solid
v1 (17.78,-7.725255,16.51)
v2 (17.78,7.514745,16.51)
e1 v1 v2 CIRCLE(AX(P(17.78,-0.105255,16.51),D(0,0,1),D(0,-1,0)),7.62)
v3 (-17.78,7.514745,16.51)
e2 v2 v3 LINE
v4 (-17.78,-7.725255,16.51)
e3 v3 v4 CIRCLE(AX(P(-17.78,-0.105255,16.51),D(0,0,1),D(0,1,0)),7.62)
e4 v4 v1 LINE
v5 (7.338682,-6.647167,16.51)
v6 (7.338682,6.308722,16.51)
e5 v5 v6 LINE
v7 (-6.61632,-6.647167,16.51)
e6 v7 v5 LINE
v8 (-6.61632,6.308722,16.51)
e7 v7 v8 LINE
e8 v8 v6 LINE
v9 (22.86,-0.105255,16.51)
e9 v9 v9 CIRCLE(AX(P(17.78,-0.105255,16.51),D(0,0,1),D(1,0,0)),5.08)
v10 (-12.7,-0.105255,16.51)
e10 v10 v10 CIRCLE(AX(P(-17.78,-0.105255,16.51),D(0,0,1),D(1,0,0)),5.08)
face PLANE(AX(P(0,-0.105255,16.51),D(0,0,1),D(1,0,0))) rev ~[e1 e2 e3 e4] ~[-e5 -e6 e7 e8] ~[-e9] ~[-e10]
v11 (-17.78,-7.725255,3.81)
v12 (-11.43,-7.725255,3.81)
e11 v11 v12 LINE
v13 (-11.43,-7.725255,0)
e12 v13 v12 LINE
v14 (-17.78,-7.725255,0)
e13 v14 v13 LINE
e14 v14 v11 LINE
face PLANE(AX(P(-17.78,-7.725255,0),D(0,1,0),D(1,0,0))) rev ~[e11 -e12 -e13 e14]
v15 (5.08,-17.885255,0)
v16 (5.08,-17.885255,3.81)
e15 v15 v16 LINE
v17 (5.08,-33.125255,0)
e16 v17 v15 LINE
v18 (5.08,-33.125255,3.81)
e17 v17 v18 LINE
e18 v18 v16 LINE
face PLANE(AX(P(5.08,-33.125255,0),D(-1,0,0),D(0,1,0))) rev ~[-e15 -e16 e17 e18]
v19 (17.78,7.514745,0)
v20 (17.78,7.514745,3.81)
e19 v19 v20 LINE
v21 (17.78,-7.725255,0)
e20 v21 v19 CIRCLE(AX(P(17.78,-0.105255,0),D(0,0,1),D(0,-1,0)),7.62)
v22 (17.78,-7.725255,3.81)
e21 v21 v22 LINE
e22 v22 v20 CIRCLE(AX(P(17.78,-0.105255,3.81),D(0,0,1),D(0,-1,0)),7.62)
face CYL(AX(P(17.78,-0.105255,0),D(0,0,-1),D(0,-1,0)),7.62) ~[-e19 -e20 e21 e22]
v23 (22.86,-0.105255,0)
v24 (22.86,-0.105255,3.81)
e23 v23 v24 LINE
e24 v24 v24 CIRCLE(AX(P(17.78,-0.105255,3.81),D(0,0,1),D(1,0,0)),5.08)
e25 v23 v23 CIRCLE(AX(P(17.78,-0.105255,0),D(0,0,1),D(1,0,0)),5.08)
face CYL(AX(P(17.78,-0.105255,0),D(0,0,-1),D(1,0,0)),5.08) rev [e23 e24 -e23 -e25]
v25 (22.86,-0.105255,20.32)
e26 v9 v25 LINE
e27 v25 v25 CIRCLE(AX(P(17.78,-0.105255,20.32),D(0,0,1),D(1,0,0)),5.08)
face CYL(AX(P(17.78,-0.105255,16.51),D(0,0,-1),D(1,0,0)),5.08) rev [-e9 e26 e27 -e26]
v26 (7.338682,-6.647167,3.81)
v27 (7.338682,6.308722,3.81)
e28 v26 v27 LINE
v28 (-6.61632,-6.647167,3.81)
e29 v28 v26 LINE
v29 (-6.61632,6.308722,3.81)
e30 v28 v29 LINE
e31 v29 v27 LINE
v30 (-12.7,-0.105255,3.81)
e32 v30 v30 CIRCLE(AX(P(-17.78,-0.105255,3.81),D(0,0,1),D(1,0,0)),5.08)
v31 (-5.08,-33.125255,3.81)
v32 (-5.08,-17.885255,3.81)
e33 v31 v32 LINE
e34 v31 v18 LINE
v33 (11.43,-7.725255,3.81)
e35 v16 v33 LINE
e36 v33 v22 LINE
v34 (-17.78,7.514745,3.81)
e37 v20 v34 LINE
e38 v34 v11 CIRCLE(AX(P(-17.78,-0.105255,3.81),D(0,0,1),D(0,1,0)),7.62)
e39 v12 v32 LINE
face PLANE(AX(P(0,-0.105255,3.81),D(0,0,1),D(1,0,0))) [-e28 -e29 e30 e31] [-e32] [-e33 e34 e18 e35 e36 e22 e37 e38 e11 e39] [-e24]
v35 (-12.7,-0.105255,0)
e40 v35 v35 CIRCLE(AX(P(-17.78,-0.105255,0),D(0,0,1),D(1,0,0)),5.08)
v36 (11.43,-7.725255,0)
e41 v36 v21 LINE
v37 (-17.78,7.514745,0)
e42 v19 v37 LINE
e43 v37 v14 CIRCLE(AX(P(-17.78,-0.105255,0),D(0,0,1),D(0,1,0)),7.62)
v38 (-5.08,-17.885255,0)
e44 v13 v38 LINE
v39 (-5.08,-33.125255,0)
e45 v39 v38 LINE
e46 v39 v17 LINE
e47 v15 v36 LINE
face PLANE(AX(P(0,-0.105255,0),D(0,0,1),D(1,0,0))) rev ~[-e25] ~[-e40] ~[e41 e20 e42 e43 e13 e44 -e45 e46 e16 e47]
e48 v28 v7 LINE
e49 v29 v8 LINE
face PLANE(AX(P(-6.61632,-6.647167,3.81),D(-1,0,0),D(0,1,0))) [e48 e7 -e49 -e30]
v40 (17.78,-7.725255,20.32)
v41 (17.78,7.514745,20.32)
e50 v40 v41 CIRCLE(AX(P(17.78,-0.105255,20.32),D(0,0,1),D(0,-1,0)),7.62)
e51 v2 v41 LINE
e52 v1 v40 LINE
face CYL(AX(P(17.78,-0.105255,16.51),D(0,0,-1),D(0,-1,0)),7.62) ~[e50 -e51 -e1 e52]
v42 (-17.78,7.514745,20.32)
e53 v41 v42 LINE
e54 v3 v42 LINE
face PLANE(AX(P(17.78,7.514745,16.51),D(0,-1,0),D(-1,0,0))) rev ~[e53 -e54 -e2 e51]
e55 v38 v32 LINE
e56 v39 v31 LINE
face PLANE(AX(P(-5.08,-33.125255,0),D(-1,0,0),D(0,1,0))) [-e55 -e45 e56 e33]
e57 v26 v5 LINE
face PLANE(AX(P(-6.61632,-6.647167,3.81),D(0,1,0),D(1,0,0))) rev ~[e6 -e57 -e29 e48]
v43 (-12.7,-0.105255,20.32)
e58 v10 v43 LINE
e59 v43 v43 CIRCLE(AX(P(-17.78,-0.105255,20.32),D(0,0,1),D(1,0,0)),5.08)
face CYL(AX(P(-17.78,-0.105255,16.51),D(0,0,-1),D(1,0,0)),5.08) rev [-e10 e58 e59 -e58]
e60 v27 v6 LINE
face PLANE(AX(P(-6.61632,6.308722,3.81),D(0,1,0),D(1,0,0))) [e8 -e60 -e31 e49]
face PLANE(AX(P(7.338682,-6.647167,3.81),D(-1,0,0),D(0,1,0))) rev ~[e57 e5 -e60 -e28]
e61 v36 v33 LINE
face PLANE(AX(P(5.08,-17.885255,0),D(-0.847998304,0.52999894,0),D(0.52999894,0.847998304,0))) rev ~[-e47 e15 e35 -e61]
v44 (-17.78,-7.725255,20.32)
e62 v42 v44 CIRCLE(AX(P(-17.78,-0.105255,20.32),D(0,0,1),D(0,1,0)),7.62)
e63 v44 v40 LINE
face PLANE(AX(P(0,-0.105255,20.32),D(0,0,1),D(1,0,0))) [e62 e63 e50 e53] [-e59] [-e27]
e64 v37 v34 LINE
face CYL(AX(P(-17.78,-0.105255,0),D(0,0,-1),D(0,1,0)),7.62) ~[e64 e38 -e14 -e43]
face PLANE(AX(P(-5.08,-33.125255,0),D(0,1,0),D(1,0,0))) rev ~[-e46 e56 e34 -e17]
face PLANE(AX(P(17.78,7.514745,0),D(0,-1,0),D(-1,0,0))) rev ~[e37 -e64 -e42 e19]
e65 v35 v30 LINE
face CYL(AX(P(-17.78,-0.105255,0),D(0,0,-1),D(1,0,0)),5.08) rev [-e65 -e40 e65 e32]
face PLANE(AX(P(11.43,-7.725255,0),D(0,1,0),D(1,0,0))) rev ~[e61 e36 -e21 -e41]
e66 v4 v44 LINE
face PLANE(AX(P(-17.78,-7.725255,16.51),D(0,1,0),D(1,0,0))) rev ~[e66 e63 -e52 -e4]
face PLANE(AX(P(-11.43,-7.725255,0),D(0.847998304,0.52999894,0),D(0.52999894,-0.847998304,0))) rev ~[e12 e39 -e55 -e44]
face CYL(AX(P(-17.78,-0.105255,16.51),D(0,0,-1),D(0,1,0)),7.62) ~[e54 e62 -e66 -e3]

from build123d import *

# Parameters (mm, degrees)
F0_R     = 5.08
F0_W     = 10.16
F0_H     = 15.24
F1_DEPTH = 3.81
F2_W     = 13.9550012536
F2_H     = 12.9558886401
F3_DEPTH = 12.7
F4_R     = 5.08
F5_DEPTH = 3.81


with BuildPart() as f1:
    # F0 (on Top) → F1 (new body)
    with BuildSketch(Plane.XY):
        with BuildLine():
            Line((17.78, 7.5147451945), (-17.78, 7.5147451945))
            ThreePointArc((-17.78, 7.5147451945), (-25.4, -0.1052548055), (-17.78, -7.7252548055))
            Line((-17.78, -7.7252548055), (-11.43, -7.7252548055))
            Line((-11.43, -7.7252548055), (-5.08, -7.7252548055))
            Line((-5.08, -7.7252548055), (0, -7.7252548055))
            Line((0, -7.7252548055), (5.08, -7.7252548055))
            Line((5.08, -7.7252548055), (11.43, -7.7252548055))
            Line((11.43, -7.7252548055), (17.78, -7.7252548055))
            ThreePointArc((17.78, -7.7252548055), (25.4, -0.1052548055), (17.78, 7.5147451945))
        make_face()
        with Locations((-17.78, -0.1052548055)):
            Circle(F0_R, mode=Mode.SUBTRACT)
        with Locations((17.78, -0.1052548055)):
            Circle(F0_R, mode=Mode.SUBTRACT)
        Polygon((-5.08, -7.7252548055), (-11.43, -7.7252548055), (-5.08, -17.8852548055), align=None)
        Polygon((5.08, -17.8852548055), (11.43, -7.7252548055), (5.08, -7.7252548055), align=None)
        Polygon((0, -7.7252548055), (-5.08, -7.7252548055), (-5.08, -17.8852548055), (5.08, -17.8852548055), (5.08, -7.7252548055), align=None)
        with Locations((0, -25.5052548055)):
            Rectangle(F0_W, F0_H)
    extrude(amount=F1_DEPTH)

    # F2 (on face) → F3 (join)
    with BuildSketch(Plane.XY.offset(3.81)):
        with Locations((0.3611810971, -0.169222476)):
            Rectangle(F2_W, F2_H)
    extrude(amount=F3_DEPTH)

    # F4 (on face) → F5 (join)
    with BuildSketch(Plane.XY.offset(16.51)):
        with BuildLine():
            Line((17.78, 7.5147451945), (-17.78, 7.5147451945))
            ThreePointArc((-17.78, 7.5147451945), (-25.4, -0.1052548055), (-17.78, -7.7252548055))
            Line((-17.78, -7.7252548055), (-11.43, -7.7252548055))
            Line((-11.43, -7.7252548055), (11.43, -7.7252548055))
            Line((11.43, -7.7252548055), (17.78, -7.7252548055))
            ThreePointArc((17.78, -7.7252548055), (25.4, -0.1052548055), (17.78, 7.5147451945))
        make_face()
        with Locations((-17.78, -0.1052548055)):
            Circle(F4_R, mode=Mode.SUBTRACT)
        with Locations((17.78, -0.1052548055)):
            Circle(F4_R, mode=Mode.SUBTRACT)
    extrude(amount=F5_DEPTH)


solid = f1.part
